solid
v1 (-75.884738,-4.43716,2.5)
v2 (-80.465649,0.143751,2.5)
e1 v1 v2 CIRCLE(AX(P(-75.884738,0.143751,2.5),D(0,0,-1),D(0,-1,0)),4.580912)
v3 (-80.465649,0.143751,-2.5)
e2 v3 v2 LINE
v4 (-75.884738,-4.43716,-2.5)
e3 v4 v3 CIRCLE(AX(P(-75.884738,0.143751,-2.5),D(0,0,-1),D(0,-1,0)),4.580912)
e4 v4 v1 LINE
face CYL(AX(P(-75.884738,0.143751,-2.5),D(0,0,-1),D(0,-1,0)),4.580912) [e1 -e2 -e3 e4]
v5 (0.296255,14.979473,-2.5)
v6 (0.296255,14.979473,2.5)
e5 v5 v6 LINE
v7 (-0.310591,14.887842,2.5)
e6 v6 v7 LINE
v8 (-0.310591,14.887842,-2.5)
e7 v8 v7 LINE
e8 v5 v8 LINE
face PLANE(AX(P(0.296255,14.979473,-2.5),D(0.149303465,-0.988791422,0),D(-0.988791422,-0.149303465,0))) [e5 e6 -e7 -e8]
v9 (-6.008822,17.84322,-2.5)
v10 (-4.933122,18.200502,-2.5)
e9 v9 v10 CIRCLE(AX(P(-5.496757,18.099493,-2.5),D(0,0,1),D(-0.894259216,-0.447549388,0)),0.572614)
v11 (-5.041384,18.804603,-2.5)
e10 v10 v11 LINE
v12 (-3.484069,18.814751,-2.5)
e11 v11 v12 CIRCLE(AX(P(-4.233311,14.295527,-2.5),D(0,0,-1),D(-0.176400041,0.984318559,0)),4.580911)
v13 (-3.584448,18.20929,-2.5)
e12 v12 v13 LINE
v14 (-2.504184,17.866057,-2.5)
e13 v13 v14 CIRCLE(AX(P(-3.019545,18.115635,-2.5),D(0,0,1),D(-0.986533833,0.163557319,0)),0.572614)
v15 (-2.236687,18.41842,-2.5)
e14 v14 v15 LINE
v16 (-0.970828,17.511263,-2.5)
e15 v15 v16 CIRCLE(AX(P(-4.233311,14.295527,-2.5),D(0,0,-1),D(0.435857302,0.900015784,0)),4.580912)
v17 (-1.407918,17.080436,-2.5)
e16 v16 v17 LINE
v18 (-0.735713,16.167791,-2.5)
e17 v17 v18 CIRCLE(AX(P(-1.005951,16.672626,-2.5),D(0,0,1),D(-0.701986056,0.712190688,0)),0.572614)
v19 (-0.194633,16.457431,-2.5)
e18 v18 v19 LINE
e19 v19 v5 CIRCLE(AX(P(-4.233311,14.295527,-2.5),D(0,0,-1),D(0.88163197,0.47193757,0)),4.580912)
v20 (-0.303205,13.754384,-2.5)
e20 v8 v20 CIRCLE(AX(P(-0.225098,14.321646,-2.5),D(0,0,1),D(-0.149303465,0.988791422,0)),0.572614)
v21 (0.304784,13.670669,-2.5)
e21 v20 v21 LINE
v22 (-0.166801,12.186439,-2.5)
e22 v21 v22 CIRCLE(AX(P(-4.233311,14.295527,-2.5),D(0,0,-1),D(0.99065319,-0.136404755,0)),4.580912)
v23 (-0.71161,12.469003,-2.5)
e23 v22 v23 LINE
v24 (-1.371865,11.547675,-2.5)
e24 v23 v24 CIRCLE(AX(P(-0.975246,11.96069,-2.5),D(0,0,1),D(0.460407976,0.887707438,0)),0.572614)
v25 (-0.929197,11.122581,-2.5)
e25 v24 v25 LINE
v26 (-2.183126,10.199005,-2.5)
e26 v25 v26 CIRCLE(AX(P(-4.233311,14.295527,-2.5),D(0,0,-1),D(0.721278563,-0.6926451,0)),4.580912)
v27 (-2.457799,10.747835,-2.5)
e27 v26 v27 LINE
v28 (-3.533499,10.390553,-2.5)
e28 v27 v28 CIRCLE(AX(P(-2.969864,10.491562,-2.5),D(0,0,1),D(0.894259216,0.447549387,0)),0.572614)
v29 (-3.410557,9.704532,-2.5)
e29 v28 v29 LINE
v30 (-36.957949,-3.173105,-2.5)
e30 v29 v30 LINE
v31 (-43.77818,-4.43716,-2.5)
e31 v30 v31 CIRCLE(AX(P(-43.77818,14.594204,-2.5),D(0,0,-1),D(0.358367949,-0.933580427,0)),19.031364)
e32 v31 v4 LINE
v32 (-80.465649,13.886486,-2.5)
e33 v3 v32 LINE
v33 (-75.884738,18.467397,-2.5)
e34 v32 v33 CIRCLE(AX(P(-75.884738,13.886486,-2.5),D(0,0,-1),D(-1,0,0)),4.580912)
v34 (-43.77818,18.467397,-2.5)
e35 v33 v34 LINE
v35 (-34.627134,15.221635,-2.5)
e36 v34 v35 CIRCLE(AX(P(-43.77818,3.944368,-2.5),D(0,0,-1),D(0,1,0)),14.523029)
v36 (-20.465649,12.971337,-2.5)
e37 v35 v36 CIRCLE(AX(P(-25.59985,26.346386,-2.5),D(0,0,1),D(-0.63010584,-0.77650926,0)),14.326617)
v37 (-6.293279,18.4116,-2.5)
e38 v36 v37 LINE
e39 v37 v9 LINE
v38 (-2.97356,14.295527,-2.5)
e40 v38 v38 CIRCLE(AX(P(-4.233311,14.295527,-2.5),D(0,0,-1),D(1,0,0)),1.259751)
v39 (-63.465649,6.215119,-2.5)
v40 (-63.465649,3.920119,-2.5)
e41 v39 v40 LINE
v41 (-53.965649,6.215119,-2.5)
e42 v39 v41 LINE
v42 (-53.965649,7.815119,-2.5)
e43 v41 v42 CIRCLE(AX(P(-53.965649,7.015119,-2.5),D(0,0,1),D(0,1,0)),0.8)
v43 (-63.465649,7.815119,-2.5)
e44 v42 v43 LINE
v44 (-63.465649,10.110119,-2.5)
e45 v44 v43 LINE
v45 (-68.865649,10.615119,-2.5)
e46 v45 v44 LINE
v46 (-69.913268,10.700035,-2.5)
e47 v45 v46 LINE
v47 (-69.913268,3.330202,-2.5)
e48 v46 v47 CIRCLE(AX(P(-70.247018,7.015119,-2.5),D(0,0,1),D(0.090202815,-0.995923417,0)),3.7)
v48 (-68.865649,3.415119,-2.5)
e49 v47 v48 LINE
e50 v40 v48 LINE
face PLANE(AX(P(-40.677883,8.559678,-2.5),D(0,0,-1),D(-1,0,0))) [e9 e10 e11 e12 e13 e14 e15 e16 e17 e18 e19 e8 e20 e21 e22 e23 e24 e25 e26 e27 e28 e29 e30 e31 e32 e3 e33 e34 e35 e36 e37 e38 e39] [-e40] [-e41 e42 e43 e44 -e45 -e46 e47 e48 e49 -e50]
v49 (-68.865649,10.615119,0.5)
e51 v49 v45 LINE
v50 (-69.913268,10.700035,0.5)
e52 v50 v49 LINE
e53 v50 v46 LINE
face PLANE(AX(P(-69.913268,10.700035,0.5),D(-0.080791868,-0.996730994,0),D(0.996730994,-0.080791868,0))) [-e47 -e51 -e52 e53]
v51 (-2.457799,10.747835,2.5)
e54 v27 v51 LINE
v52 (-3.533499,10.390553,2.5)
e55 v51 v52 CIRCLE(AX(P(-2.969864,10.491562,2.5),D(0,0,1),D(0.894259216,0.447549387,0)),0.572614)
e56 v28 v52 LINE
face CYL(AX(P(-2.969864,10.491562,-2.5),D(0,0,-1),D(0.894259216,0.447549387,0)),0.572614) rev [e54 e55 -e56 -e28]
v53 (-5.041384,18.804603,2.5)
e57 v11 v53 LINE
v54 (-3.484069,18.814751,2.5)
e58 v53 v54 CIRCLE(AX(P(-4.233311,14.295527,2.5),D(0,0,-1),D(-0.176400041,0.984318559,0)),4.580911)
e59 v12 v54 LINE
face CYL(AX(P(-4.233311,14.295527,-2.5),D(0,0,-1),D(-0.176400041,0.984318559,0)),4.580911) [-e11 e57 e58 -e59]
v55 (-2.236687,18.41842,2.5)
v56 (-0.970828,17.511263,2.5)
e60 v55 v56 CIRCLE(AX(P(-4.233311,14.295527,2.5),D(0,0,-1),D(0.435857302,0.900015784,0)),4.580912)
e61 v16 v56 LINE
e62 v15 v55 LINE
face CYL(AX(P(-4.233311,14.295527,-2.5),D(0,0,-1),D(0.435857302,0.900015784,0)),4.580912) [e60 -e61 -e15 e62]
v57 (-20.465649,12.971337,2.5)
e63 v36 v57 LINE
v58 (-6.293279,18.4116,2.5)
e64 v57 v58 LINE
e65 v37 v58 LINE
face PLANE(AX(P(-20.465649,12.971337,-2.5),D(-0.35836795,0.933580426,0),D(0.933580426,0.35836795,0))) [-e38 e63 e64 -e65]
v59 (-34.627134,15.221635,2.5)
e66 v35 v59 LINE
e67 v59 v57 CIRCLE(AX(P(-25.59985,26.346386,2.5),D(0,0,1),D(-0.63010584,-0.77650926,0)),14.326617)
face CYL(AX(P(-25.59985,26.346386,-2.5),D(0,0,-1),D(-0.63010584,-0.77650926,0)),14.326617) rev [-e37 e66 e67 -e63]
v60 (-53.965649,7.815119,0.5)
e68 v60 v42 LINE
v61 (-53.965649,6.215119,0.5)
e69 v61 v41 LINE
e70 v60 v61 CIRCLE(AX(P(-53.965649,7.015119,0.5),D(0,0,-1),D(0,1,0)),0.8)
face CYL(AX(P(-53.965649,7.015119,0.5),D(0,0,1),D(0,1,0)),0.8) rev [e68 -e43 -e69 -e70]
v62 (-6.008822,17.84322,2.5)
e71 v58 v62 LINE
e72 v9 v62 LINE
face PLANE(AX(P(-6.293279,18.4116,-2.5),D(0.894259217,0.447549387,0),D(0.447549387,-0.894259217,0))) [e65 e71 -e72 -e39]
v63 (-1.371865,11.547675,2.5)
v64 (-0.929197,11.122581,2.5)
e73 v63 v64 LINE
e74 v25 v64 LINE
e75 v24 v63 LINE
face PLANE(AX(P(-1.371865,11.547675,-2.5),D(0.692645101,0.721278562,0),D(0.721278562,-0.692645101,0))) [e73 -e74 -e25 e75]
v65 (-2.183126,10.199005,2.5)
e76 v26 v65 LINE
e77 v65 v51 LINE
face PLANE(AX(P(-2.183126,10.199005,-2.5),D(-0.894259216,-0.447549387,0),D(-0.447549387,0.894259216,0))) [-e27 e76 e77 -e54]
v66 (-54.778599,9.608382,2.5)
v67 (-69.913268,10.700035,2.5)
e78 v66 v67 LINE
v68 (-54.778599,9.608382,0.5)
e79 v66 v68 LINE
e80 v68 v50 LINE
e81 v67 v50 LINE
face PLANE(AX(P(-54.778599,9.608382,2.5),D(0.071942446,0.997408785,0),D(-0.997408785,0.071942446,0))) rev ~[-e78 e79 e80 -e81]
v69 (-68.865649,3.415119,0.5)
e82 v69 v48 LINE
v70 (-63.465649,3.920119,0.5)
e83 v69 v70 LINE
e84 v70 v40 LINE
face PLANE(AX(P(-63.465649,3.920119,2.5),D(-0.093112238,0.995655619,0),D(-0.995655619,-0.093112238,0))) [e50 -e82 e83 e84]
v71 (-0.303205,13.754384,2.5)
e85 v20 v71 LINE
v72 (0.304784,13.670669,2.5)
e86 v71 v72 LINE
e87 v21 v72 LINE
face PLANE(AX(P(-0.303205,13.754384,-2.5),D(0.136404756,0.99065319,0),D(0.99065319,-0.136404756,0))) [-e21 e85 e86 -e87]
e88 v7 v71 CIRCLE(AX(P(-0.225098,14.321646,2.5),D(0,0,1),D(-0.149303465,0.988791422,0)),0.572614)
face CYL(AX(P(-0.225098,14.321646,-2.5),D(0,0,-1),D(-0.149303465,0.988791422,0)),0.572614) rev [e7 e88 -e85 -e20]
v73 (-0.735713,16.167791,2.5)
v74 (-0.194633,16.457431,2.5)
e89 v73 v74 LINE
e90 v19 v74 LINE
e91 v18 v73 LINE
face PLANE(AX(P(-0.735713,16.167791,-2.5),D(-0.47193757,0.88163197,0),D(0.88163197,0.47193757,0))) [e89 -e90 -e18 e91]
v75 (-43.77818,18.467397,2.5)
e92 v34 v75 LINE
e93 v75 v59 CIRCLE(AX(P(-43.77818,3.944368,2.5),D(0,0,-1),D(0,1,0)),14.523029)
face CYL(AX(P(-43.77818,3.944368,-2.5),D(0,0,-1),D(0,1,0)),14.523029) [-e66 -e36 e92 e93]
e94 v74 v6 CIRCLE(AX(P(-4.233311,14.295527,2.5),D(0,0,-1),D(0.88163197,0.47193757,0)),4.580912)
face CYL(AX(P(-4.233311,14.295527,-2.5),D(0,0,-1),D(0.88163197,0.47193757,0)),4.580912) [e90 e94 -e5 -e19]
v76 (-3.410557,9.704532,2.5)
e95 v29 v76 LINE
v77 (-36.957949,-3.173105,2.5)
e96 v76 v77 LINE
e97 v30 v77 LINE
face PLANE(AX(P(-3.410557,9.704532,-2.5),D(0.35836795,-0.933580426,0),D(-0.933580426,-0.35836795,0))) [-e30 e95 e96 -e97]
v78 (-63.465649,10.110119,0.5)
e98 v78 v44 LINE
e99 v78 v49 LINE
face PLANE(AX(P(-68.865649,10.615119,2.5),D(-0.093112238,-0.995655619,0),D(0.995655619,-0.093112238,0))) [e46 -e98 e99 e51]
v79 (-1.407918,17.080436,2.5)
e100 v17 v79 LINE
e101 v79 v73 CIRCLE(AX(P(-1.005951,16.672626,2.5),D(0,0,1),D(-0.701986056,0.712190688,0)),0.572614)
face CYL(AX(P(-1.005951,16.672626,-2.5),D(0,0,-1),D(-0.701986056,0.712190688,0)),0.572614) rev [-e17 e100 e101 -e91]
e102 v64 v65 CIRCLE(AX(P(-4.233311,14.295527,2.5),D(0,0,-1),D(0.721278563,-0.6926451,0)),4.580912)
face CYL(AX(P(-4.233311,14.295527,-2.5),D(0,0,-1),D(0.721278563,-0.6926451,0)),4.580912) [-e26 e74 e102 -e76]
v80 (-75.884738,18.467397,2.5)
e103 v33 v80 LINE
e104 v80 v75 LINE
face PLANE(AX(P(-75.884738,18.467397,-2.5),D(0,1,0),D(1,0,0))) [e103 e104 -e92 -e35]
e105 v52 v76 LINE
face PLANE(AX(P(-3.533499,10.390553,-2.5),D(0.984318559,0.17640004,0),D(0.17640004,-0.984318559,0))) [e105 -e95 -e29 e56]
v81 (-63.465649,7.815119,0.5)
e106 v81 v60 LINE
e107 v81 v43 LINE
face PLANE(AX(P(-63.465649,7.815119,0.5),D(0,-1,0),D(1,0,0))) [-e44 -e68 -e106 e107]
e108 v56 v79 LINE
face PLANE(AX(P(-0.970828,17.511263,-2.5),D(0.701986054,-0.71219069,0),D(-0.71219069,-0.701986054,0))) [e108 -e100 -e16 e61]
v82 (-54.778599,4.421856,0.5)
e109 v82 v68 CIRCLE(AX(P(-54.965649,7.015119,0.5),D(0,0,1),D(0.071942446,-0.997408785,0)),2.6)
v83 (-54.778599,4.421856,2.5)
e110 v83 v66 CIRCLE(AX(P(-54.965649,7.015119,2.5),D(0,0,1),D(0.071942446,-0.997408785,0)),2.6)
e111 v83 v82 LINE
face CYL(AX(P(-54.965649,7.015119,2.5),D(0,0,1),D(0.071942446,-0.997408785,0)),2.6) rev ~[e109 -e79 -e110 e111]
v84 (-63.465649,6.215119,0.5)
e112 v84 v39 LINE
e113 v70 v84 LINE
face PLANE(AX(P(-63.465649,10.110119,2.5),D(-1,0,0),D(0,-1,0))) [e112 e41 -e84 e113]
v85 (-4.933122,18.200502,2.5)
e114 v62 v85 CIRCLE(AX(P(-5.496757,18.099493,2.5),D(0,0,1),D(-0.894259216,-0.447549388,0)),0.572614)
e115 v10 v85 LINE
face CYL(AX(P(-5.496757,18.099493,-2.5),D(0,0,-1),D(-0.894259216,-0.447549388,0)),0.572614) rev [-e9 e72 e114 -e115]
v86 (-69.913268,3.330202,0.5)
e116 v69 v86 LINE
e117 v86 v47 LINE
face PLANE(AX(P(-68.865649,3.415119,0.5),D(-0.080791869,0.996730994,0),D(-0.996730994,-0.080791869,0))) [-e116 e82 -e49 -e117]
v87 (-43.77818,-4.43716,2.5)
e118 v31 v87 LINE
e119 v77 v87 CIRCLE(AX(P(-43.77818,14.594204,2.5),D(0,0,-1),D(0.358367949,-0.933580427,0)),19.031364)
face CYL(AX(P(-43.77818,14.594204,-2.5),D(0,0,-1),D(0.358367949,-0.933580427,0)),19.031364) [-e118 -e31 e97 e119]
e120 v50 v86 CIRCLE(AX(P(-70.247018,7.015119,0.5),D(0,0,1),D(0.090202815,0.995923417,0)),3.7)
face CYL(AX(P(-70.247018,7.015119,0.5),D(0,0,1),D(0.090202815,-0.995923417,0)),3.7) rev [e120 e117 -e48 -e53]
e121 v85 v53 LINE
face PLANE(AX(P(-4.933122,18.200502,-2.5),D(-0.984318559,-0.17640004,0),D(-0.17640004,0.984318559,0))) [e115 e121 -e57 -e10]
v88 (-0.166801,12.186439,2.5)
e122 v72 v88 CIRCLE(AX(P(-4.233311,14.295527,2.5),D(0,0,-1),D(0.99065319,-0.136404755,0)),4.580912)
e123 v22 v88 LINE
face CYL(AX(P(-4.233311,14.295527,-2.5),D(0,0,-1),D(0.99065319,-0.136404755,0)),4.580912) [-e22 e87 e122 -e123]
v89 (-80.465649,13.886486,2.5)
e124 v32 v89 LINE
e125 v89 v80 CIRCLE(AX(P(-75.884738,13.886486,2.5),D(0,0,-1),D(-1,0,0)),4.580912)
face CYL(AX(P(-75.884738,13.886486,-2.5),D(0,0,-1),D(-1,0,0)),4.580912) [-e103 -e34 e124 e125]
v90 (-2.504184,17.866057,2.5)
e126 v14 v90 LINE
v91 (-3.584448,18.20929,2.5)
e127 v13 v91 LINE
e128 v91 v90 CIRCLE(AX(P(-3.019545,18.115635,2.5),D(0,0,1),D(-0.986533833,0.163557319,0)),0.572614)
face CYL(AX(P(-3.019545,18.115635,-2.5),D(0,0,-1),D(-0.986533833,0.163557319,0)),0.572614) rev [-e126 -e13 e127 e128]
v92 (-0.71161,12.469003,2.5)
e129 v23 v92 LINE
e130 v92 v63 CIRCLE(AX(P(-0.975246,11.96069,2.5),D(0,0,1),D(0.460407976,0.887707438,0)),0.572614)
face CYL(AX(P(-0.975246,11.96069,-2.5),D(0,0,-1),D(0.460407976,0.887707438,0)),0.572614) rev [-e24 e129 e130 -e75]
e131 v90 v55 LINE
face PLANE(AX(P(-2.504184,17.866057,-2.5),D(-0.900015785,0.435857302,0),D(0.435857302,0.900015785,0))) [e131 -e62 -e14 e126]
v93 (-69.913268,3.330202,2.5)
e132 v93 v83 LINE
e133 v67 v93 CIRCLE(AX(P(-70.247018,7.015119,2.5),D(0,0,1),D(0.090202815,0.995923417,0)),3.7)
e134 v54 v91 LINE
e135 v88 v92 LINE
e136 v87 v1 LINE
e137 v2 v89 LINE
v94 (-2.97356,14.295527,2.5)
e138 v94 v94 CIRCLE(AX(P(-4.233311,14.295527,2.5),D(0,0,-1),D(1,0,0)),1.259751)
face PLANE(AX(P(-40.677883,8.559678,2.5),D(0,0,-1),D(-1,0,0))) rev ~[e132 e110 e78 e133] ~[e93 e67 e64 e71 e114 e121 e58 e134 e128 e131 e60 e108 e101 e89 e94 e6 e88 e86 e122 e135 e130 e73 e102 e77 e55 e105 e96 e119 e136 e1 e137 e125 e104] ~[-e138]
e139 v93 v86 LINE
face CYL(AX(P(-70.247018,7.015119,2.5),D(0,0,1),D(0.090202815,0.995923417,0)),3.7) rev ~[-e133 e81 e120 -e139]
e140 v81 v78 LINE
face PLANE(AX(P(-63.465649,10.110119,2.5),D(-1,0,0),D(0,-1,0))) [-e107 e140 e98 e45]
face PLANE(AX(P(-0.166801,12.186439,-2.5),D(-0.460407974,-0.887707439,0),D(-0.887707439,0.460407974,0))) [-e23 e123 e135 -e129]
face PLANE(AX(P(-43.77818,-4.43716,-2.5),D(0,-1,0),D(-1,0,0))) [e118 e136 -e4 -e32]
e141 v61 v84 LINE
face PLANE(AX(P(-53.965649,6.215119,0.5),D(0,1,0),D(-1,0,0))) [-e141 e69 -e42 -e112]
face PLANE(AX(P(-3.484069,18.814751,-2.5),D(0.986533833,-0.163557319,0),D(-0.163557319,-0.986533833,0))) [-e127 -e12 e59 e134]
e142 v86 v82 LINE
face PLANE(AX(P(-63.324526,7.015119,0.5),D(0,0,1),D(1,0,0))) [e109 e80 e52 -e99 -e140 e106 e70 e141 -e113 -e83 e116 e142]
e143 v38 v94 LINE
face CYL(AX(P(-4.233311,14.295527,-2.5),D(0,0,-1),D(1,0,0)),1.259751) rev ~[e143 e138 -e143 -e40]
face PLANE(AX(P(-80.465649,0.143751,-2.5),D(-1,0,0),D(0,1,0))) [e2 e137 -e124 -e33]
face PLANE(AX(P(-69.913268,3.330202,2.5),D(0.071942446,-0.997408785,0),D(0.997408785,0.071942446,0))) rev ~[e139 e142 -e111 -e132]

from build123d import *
from build123d.topology import SkipClean

# Parameters (mm, degrees)
CROQUIS1_R              = 1.717841821
CROQUIS1_R_2            = 1.259750669
CROQUIS1_W              = 27.485469141
CROQUIS1_H              = 14.887962451
SALIENTE_EXTRUIR1_DEPTH = 5
SALIENTE_EXTRUIR2_START = -5
SALIENTE_EXTRUIR2_DEPTH = 5
CORTAR_EXTRUIR1_DEPTH   = 5
CORTAR_EXTRUIR2_DEPTH   = 2
CUT_EXTRUDE2_DEPTH      = 83.704538261
CUT_EXTRUDE5_DEPTH      = 83.704538261


with BuildPart() as part:
    # Croquis1 → Saliente-Extruir1 (new body)
    with BuildSketch(Plane(origin=(0, 0, -2.5), x_dir=(-1, 0, 0), z_dir=(0, 0, -1))):
        with BuildLine():
            Line((2.183126414, 10.199004786), (2.457799007, 10.747834714))
            ThreePointArc((2.457799007, 10.747834714), (3.150356623, 11.03498533), (3.533498829, 10.390552574))
            Line((3.533498829, 10.390552574), (3.410556906, 9.704532228))
            Line((3.410556906, 9.704532228), (36.957948904, -3.17310503))
            ThreePointArc((36.957948904, -3.17310503), (40.309989238, -4.118478177), (43.778179918, -4.437160132))
            Line((43.778179918, -4.437160132), (75.884737747, -4.437160132))
            ThreePointArc((75.884737747, -4.437160132), (79.123931349, -3.095442211), (80.46564927, 0.143751392))
            Line((80.46564927, 0.143751392), (80.46564927, 13.886485962))
            ThreePointArc((80.46564927, 13.886485962), (79.123931349, 17.125679564), (75.884737747, 18.467397485))
            Line((75.884737747, 18.467397485), (43.778179918, 18.467397485))
            ThreePointArc((43.778179918, 18.467397485), (38.923372817, 17.631925595), (34.62713443, 15.221634951))
            ThreePointArc((34.62713443, 15.221634951), (27.84817952, 12.197288027), (20.46564927, 12.971336544))
            Line((20.46564927, 12.971336544), (6.293279019, 18.411599775))
            Line((6.293279019, 18.411599775), (6.008822105, 17.843219559))
            ThreePointArc((6.008822105, 17.843219559), (5.316264489, 17.556068943), (4.933122282, 18.200501699))
            Line((4.933122282, 18.200501699), (5.041383533, 18.804603367))
            ThreePointArc((5.041383533, 18.804603367), (4.263160644, 18.876341405), (3.484068945, 18.814751339))
            Line((3.484068945, 18.814751339), (3.584448287, 18.209290101))
            ThreePointArc((3.584448287, 18.209290101), (3.192940304, 17.56990522), (2.504183677, 17.866056933))
            Line((2.504183677, 17.866056933), (2.236686818, 18.418419815))
            ThreePointArc((2.236686818, 18.418419815), (1.564924714, 18.019029169), (0.970828021, 17.511263148))
            Line((0.970828021, 17.511263148), (1.407917802, 17.080436215))
            ThreePointArc((1.407917802, 17.080436215), (1.467002194, 16.333040361), (0.735712768, 16.167791142))
            Line((0.735712768, 16.167791142), (0.194632507, 16.457431391))
            ThreePointArc((0.194632507, 16.457431391), (-0.114078519, 15.739465714), (-0.296255461, 14.9794731))
            Line((-0.296255461, 14.9794731), (0.310591317, 14.887841716))
            ThreePointArc((0.310591317, 14.887841716), (0.797699855, 14.317914702), (0.303205335, 13.754384137))
            Line((0.303205335, 13.754384137), (-0.304784058, 13.670669023))
            ThreePointArc((-0.304784058, 13.670669023), (-0.132526888, 12.9083668), (0.16680132, 12.18643894))
            Line((0.16680132, 12.18643894), (0.711610253, 12.469003179))
            ThreePointArc((0.711610253, 12.469003179), (1.440684032, 12.294237755), (1.371864517, 11.547675365))
            Line((1.371864517, 11.547675365), (0.929197275, 11.122581216))
            ThreePointArc((0.929197275, 11.122581216), (1.516626257, 10.607115987), (2.183126414, 10.199004786))
        make_face()
        with Locations(Location((46.05155145, 7.015118677, 0), (0, 0, 180))):
            Circle(CROQUIS1_R, mode=Mode.SUBTRACT)
        with Locations(Location((77.659840962, 7.015118677, 0), (0, 0, 180))):
            Circle(CROQUIS1_R, mode=Mode.SUBTRACT)
        with Locations(Location((4.233310556, 14.295527136, 0), (0, 0, 180))):
            Circle(CROQUIS1_R_2, mode=Mode.SUBTRACT)
        with Locations((61.855696206, 7.015118677)):
            Rectangle(CROQUIS1_W, CROQUIS1_H, mode=Mode.SUBTRACT)
    extrude(amount=-SALIENTE_EXTRUIR1_DEPTH)

    # Croquis2 → Saliente-Extruir2 (add)
    with BuildSketch(Plane.XY.offset(2.5).offset(SALIENTE_EXTRUIR2_START)):
        with BuildLine():
            Line((-43.778179918, -4.437160132), (-75.884737747, -4.437160132))
            ThreePointArc((-75.884737747, -4.437160132), (-79.123931349, -3.095442211), (-80.46564927, 0.143751392))
            Line((-80.46564927, 0.143751392), (-80.46564927, 13.886485962))
            ThreePointArc((-80.46564927, 13.886485962), (-79.123931349, 17.125679564), (-75.884737747, 18.467397485))
            Line((-75.884737747, 18.467397485), (-43.778179918, 18.467397485))
            Line((-43.778179918, 18.467397485), (-43.778179918, -4.437160132))
        make_face()
    extrude(amount=SALIENTE_EXTRUIR2_DEPTH)

    # Croquis3 → Cortar-Extruir1 (cut)
    with BuildSketch(Plane.XY.offset(2.5)):
        with BuildLine():
            Line((-68.86564927, 10.615118677), (-63.46564927, 10.110118677))
            Line((-63.46564927, 10.110118677), (-63.46564927, 3.920118677))
            Line((-63.46564927, 3.920118677), (-68.86564927, 3.415118677))
            ThreePointArc((-68.86564927, 3.415118677), (-72.46564927, 7.015118677), (-68.86564927, 10.615118677))
        make_face()
    extrude(amount=-CORTAR_EXTRUIR1_DEPTH, mode=Mode.SUBTRACT)

    # Croquis4 → Cortar-Extruir2 (cut)
    with BuildSketch(Plane.XY.offset(2.5)):
        with BuildLine():
            Line((-54.77859891, 9.608381518), (-69.913267682, 10.700035319))
            ThreePointArc((-69.913267682, 10.700035319), (-73.947018097, 7.015118677), (-69.913267682, 3.330202034))
            Line((-69.913267682, 3.330202034), (-54.77859891, 4.421855836))
            ThreePointArc((-54.77859891, 4.421855836), (-52.36564927, 7.015118677), (-54.77859891, 9.608381518))
        make_face()
    extrude(amount=-CORTAR_EXTRUIR2_DEPTH, mode=Mode.SUBTRACT)

    # Sketch2 → Cut-Extrude2 (cut, through all)
    with SkipClean():  # the faces are left unmerged after this step: merging them gives an invalid solid
        with BuildSketch(Plane.XY.offset(0.5)):
            with BuildLine():
                Line((-69.913267682, 10.700035319), (-68.86564927, 10.615118677))
                ThreePointArc((-68.86564927, 10.615118677), (-72.46564927, 7.015118677), (-68.86564927, 3.415118677))
                Line((-68.86564927, 3.415118677), (-69.913267682, 3.330202034))
                ThreePointArc((-69.913267682, 3.330202034), (-73.947018097, 7.015118677), (-69.913267682, 10.700035319))
            make_face()
        extrude(amount=-CUT_EXTRUDE2_DEPTH, mode=Mode.SUBTRACT)

    # Sketch5 → Cut-Extrude5 (cut, through all)
    with SkipClean():  # the faces are left unmerged after this step: merging them gives an invalid solid
        with BuildSketch(Plane.XY.offset(0.5)):
            with BuildLine():
                Line((-63.46564927, 7.815118677), (-53.96564927, 7.815118677))
                ThreePointArc((-53.96564927, 7.815118677), (-53.16564927, 7.015118677), (-53.96564927, 6.215118677))
                Line((-53.96564927, 6.215118677), (-63.46564927, 6.215118677))
                Line((-63.46564927, 6.215118677), (-63.46564927, 7.815118677))
            make_face()
        extrude(amount=-CUT_EXTRUDE5_DEPTH, mode=Mode.SUBTRACT)


solid = part.part
